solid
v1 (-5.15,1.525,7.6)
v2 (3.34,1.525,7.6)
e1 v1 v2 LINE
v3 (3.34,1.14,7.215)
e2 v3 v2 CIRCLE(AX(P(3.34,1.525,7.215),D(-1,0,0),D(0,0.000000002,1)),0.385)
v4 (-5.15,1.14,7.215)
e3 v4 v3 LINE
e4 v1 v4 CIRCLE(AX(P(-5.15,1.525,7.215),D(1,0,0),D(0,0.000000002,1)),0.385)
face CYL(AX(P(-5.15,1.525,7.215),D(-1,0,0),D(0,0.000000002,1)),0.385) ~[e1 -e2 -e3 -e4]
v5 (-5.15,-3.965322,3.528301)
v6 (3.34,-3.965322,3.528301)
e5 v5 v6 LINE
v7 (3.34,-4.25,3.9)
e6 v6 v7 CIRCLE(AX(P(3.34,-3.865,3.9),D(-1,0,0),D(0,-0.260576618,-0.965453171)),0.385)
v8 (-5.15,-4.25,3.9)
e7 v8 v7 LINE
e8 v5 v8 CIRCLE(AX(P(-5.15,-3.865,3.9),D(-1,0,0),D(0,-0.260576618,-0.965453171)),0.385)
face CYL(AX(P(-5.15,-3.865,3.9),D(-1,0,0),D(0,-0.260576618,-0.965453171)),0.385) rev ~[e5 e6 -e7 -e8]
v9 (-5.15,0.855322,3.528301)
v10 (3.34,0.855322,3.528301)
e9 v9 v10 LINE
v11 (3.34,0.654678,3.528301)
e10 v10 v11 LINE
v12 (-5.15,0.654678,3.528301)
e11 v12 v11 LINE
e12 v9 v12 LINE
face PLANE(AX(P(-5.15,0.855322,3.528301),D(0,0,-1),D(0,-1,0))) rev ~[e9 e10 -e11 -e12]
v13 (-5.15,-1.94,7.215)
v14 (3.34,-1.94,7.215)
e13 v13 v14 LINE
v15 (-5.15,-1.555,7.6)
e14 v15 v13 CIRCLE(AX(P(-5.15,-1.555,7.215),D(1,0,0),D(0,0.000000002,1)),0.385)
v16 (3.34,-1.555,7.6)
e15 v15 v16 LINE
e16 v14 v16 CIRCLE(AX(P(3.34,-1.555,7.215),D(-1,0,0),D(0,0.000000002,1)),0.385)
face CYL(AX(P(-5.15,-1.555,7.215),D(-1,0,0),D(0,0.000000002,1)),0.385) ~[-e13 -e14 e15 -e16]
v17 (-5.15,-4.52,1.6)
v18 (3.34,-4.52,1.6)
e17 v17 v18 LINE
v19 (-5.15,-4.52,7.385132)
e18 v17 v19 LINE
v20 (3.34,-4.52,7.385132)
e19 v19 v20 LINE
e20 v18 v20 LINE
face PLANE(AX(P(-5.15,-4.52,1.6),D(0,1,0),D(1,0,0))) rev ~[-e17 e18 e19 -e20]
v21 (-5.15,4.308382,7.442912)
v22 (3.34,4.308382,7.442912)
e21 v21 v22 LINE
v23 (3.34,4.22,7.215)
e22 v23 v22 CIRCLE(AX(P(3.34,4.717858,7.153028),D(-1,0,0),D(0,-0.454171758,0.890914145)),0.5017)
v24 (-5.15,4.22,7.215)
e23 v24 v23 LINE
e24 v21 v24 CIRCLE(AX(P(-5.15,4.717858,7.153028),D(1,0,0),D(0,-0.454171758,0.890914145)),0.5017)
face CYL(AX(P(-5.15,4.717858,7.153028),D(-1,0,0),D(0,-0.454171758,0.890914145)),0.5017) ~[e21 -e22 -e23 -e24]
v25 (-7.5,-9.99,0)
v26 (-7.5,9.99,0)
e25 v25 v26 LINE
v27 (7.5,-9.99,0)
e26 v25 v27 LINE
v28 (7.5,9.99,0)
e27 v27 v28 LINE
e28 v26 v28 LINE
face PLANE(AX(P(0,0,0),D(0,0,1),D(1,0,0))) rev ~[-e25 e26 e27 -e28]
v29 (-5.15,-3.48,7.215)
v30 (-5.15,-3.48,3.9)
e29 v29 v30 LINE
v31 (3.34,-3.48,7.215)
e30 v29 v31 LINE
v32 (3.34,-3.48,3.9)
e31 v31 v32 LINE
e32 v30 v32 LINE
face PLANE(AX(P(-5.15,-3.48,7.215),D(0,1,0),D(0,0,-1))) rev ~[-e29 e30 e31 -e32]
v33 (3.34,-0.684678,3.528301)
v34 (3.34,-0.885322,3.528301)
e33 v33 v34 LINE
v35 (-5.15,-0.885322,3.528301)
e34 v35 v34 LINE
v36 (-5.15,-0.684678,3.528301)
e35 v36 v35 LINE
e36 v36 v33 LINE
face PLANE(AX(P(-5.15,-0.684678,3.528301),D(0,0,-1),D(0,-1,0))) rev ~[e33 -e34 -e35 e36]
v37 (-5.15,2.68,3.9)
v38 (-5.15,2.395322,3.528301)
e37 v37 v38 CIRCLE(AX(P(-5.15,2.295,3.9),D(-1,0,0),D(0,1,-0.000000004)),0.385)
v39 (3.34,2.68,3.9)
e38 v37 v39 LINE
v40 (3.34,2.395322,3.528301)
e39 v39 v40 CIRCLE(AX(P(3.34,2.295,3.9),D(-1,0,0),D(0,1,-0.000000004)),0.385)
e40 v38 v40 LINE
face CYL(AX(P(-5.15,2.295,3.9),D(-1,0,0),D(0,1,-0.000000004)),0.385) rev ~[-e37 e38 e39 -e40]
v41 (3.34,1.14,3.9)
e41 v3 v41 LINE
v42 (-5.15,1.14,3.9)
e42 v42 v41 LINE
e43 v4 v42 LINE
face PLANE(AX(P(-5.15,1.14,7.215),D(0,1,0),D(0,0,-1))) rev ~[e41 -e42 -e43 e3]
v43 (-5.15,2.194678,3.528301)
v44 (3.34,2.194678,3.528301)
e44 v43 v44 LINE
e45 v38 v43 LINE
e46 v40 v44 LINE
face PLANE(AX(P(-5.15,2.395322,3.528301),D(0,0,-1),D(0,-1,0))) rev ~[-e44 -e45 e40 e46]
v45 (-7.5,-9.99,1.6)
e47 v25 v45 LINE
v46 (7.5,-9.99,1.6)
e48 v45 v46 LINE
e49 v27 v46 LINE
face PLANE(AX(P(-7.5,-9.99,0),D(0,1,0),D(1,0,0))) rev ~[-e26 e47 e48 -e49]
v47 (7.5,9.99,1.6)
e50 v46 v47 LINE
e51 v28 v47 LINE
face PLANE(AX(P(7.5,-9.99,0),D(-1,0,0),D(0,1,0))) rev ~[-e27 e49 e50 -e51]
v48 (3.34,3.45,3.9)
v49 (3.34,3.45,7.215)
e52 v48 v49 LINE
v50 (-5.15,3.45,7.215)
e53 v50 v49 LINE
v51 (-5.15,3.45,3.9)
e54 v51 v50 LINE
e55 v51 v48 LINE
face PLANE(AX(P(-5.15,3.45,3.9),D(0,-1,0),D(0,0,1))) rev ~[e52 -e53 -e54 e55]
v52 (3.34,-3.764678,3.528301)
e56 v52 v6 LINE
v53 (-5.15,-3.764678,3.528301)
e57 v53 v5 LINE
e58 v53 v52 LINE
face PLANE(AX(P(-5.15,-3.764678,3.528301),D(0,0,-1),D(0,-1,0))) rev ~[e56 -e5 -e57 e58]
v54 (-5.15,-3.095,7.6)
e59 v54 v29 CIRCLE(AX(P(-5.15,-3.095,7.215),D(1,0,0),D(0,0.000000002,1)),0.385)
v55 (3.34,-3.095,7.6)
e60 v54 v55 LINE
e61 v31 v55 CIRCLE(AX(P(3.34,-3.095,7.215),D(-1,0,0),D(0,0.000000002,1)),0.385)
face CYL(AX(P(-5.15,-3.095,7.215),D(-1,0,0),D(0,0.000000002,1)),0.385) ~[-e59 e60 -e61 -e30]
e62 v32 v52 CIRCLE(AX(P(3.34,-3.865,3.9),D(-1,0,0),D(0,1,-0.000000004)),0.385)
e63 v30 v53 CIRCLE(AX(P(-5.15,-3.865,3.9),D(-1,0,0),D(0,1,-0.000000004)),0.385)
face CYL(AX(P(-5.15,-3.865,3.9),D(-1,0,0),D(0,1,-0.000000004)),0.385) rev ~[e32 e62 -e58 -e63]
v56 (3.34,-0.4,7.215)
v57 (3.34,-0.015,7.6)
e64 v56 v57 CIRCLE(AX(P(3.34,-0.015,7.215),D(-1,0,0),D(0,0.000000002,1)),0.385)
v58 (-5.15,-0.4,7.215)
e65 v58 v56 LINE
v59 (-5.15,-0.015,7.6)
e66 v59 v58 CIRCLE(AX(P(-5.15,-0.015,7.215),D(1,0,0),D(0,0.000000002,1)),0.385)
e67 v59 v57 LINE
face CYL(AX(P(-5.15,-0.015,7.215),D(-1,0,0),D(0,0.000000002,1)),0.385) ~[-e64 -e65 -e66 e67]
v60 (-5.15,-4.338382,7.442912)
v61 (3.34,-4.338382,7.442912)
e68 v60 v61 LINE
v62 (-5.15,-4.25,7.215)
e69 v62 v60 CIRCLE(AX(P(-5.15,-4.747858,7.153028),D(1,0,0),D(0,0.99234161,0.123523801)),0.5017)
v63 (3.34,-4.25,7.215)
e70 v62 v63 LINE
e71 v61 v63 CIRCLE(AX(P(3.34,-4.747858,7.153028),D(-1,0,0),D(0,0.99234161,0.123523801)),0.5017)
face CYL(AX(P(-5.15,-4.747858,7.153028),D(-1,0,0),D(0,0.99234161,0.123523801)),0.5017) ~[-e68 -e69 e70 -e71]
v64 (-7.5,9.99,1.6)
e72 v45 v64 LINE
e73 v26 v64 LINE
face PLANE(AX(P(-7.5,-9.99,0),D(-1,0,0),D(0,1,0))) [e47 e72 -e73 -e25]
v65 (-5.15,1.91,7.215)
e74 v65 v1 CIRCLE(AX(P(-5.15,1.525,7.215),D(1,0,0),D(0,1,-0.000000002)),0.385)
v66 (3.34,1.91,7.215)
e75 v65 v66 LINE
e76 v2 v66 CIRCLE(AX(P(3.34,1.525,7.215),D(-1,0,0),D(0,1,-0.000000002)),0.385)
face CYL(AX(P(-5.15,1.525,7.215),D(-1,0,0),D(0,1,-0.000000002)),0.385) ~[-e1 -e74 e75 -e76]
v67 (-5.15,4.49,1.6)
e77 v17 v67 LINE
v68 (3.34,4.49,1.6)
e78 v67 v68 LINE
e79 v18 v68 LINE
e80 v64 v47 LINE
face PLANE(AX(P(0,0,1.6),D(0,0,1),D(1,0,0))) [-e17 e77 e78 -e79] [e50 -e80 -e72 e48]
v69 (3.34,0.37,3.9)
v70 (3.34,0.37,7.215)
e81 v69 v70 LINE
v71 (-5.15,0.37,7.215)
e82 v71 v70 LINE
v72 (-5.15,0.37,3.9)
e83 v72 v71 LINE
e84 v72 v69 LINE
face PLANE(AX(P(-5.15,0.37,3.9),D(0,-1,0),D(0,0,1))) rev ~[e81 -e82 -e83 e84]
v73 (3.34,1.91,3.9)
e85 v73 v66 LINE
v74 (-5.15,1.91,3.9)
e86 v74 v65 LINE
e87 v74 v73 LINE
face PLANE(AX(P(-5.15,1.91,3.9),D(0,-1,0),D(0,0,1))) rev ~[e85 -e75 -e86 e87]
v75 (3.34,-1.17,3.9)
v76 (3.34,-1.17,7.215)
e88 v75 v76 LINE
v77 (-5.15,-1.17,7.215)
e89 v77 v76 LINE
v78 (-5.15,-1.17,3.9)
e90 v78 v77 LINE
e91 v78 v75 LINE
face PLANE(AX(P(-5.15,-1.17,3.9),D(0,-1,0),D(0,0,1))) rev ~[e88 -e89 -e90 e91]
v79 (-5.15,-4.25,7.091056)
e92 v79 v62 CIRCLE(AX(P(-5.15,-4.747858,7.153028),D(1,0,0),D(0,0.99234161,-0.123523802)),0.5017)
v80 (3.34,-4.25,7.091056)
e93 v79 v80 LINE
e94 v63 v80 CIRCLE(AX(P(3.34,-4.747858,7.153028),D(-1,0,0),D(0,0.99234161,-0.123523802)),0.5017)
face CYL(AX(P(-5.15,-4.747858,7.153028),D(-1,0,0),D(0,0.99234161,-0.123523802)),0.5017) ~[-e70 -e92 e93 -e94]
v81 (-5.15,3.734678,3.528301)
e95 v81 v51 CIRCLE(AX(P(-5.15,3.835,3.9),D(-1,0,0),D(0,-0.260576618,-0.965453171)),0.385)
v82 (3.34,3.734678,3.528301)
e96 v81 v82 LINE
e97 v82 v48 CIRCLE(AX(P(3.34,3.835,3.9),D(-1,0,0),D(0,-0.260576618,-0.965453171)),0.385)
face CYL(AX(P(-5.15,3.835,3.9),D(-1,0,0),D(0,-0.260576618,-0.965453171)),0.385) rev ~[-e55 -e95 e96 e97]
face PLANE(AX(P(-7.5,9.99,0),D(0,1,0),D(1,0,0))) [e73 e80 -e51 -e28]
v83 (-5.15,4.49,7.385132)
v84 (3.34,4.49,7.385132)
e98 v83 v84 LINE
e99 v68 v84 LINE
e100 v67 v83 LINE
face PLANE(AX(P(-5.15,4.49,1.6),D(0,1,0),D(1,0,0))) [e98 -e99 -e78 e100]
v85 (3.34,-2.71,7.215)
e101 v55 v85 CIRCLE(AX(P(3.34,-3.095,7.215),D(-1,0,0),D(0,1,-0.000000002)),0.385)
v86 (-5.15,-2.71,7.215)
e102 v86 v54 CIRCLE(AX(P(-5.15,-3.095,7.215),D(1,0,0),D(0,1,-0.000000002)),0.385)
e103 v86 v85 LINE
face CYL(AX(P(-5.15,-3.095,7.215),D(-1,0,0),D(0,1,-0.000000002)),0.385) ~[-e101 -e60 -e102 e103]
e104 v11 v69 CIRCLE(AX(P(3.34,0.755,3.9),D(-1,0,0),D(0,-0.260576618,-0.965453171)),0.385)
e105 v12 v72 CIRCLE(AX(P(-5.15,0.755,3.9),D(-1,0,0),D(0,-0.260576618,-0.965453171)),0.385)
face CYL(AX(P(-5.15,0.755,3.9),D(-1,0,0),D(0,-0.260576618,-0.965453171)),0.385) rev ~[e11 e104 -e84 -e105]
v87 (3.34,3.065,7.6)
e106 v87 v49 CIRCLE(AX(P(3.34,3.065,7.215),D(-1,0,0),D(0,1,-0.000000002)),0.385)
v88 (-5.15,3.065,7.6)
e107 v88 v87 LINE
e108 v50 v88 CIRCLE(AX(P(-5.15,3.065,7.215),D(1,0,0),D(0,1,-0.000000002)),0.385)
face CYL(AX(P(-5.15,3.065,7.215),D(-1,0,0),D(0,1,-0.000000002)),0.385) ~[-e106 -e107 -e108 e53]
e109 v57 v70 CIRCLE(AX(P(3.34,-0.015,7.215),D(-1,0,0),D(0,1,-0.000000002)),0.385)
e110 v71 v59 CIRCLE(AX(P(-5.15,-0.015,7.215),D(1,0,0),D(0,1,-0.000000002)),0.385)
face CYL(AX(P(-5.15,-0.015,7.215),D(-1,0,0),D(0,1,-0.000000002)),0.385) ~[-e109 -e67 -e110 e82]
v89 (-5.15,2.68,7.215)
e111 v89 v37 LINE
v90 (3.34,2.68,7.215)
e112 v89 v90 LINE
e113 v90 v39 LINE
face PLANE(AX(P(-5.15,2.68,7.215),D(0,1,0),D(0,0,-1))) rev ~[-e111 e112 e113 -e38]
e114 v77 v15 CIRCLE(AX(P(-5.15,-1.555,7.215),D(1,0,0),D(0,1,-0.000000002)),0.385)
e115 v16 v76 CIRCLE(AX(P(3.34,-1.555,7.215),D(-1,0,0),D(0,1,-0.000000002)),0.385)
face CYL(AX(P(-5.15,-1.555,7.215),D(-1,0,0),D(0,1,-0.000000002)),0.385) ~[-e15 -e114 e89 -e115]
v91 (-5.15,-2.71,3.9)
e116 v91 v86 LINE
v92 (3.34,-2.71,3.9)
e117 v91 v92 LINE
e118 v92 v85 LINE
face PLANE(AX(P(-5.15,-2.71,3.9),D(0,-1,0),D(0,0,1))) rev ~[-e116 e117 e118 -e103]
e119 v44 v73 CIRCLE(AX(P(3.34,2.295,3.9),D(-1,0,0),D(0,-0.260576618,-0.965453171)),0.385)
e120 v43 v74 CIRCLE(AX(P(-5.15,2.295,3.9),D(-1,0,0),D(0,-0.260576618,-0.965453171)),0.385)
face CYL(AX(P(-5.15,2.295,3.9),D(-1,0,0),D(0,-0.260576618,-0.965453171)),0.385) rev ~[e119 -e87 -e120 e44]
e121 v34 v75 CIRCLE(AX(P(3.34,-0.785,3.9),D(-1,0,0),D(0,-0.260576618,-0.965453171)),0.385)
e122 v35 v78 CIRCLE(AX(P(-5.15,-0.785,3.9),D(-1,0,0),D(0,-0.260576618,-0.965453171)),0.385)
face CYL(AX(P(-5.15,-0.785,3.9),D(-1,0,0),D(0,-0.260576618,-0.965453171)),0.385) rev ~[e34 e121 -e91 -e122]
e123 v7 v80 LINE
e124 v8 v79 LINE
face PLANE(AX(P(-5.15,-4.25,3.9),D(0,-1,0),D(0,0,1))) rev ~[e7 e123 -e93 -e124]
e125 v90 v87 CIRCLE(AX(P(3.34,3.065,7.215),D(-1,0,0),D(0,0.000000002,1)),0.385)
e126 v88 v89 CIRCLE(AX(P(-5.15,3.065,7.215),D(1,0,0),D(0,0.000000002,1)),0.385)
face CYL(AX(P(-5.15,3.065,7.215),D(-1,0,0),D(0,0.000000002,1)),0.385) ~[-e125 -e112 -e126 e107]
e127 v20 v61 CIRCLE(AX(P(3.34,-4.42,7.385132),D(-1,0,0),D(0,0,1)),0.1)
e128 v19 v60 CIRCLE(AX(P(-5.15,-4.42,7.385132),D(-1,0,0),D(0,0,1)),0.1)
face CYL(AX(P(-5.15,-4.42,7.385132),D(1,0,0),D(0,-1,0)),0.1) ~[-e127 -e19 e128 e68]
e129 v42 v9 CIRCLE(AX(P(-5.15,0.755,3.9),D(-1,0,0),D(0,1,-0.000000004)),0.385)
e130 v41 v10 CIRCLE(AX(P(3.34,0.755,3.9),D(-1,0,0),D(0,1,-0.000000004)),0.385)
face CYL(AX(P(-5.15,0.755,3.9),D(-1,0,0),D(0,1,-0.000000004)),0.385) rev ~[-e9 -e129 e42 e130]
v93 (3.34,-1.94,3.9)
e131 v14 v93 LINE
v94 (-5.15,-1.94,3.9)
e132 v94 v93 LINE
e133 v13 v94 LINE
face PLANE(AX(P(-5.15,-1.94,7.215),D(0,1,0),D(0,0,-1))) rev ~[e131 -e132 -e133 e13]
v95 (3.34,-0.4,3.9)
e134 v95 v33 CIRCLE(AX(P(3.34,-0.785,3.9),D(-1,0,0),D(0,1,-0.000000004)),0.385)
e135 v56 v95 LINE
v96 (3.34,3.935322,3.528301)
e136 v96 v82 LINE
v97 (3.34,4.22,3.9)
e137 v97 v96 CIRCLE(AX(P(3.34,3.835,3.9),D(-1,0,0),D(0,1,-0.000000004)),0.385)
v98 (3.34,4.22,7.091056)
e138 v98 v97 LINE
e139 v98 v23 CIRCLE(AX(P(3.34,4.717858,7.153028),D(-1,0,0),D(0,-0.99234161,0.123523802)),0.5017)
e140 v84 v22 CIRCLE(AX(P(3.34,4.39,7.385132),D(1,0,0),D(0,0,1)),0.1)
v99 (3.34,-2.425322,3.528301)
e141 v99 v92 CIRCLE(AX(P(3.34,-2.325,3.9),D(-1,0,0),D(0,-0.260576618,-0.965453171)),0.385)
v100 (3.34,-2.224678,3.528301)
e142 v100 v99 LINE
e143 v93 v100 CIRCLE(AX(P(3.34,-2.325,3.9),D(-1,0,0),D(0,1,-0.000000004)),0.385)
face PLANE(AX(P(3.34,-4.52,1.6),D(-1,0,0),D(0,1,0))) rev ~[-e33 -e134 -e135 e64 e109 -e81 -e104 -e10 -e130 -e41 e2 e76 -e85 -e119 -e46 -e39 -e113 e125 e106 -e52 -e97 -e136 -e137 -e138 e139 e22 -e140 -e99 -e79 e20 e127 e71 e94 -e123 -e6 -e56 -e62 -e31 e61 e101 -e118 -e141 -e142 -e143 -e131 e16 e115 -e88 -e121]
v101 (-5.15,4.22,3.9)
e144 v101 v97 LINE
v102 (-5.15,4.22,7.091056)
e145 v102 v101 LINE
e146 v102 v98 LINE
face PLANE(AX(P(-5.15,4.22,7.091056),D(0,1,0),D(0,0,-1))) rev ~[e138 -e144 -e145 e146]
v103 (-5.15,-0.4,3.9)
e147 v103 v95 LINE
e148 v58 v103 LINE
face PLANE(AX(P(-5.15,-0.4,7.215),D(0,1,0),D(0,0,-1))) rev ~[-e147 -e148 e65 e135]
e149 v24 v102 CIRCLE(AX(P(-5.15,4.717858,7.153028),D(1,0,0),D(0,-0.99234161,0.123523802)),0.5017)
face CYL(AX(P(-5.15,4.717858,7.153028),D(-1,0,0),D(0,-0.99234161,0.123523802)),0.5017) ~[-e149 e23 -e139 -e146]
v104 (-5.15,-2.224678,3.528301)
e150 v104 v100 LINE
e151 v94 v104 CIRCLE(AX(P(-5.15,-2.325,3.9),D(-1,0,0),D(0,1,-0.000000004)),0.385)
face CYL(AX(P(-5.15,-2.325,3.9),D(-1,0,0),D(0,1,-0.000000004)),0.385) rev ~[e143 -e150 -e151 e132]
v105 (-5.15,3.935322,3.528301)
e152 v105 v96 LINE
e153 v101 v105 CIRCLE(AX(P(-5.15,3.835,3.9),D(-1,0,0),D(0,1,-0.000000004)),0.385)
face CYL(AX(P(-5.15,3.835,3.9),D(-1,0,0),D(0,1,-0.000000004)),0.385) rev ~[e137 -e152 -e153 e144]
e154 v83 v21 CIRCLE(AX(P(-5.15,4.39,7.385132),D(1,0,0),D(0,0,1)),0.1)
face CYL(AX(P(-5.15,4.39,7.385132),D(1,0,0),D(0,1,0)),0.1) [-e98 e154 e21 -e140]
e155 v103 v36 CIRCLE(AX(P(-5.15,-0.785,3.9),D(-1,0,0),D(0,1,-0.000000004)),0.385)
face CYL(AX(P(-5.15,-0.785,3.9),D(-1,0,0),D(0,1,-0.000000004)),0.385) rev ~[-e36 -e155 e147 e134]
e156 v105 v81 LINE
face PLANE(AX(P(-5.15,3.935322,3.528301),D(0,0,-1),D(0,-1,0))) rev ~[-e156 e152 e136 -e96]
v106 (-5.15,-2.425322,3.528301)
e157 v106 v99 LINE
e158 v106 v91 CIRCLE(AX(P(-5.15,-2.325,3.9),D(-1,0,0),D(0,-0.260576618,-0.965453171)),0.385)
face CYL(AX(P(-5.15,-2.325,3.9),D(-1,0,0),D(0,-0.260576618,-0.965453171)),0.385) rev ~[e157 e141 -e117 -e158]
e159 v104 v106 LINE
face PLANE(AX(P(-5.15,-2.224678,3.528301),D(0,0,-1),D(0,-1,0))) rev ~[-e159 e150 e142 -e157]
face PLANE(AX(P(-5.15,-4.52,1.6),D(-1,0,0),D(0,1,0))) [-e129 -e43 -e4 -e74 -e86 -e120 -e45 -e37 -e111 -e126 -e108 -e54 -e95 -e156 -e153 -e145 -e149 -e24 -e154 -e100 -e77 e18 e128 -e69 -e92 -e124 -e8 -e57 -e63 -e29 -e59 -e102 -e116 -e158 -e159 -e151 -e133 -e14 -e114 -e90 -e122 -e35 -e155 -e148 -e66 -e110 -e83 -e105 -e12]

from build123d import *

# Parameters (mm, degrees)
CROQUIS1_W              = 15
CROQUIS1_H              = 19.98
SALIENTE_EXTRUIR1_DEPTH = 1.6
CROQUIS2_W              = 8.49
CROQUIS2_H              = 9.01
SALIENTE_EXTRUIR2_DEPTH = 6
CORTAR_EXTRUIR1_DEPTH   = 18.820847342
REDONDEO1_R             = 0.1
REDONDEO2_R             = 0.1


with BuildPart() as part:
    # Croquis1 → Saliente-Extruir1 (new body)
    with BuildSketch(Plane.XY):
        Rectangle(CROQUIS1_W, CROQUIS1_H)
    extrude(amount=SALIENTE_EXTRUIR1_DEPTH)

    # Croquis2 → Saliente-Extruir2 (add)
    with BuildSketch(Plane.XY.offset(1.6)):
        with Locations((-0.905, -0.015)):
            Rectangle(CROQUIS2_W, CROQUIS2_H)
    extrude(amount=SALIENTE_EXTRUIR2_DEPTH)

    # Croquis3 → Cortar-Extruir1 (cut, through all)
    with BuildSketch(Plane.ZY.offset(5.15)):
        with BuildLine():
            ThreePointArc((7.215, 3.45), (7.487236111, 3.337236111), (7.6, 3.065))
            Line((7.6, 3.065), (7.6, 4.49))
            ThreePointArc((7.6, 4.49), (7.441092235, 4.307099962), (7.215, 4.22))
            ThreePointArc((7.215, 4.22), (7.153028067, 4.216157783), (7.091056134, 4.22))
            Line((7.091056134, 4.22), (3.9, 4.22))
            ThreePointArc((3.9, 4.22), (3.6659049, 4.14065419), (3.528300528, 3.935321996))
            Line((3.528300528, 3.935321996), (3.528300528, 3.734678004))
            ThreePointArc((3.528300528, 3.734678004), (3.6659049, 3.52934581), (3.9, 3.45))
            Line((3.9, 3.45), (7.215, 3.45))
        make_face()
        with BuildLine():
            ThreePointArc((7.215, 1.91), (7.487236111, 1.797236111), (7.6, 1.525))
            Line((7.6, 1.525), (7.6, 3.065))
            ThreePointArc((7.6, 3.065), (7.487236111, 2.792763889), (7.215, 2.68))
            Line((7.215, 2.68), (3.9, 2.68))
            ThreePointArc((3.9, 2.68), (3.6659049, 2.60065419), (3.528300528, 2.395321996))
            Line((3.528300528, 2.395321996), (3.528300528, 2.194678004))
            ThreePointArc((3.528300528, 2.194678004), (3.6659049, 1.98934581), (3.9, 1.91))
            Line((3.9, 1.91), (7.215, 1.91))
        make_face()
        with BuildLine():
            Line((3.9, 0.37), (7.215, 0.37))
            ThreePointArc((7.215, 0.37), (7.487236111, 0.257236111), (7.6, -0.015))
            Line((7.6, -0.015), (7.6, 1.525))
            ThreePointArc((7.6, 1.525), (7.487236111, 1.252763889), (7.215, 1.14))
            Line((7.215, 1.14), (3.9, 1.14))
            ThreePointArc((3.9, 1.14), (3.6659049, 1.06065419), (3.528300528, 0.855321996))
            Line((3.528300528, 0.855321996), (3.528300528, 0.654678004))
            ThreePointArc((3.528300528, 0.654678004), (3.6659049, 0.44934581), (3.9, 0.37))
        make_face()
        with BuildLine():
            Line((7.6, -1.555), (7.6, -0.015))
            ThreePointArc((7.6, -0.015), (7.487236111, -0.287236111), (7.215, -0.4))
            Line((7.215, -0.4), (3.9, -0.4))
            ThreePointArc((3.9, -0.4), (3.6659049, -0.47934581), (3.528300528, -0.684678004))
            Line((3.528300528, -0.684678004), (3.528300528, -0.885321996))
            ThreePointArc((3.528300528, -0.885321996), (3.6659049, -1.09065419), (3.9, -1.17))
            Line((3.9, -1.17), (7.215, -1.17))
            ThreePointArc((7.215, -1.17), (7.487236111, -1.282763889), (7.6, -1.555))
        make_face()
        with BuildLine():
            Line((7.6, -3.095), (7.6, -1.555))
            ThreePointArc((7.6, -1.555), (7.487236111, -1.827236111), (7.215, -1.94))
            Line((7.215, -1.94), (3.9, -1.94))
            ThreePointArc((3.9, -1.94), (3.6659049, -2.01934581), (3.528300528, -2.224678004))
            Line((3.528300528, -2.224678004), (3.528300528, -2.425321996))
            ThreePointArc((3.528300528, -2.425321996), (3.6659049, -2.63065419), (3.9, -2.71))
            Line((3.9, -2.71), (7.215, -2.71))
            ThreePointArc((7.215, -2.71), (7.487236111, -2.822763889), (7.6, -3.095))
        make_face()
        with BuildLine():
            Line((7.6, -4.52), (7.6, -3.095))
            ThreePointArc((7.6, -3.095), (7.487236111, -3.367236111), (7.215, -3.48))
            Line((7.215, -3.48), (3.9, -3.48))
            ThreePointArc((3.9, -3.48), (3.6659049, -3.55934581), (3.528300528, -3.764678004))
            Line((3.528300528, -3.764678004), (3.528300528, -3.965321996))
            ThreePointArc((3.528300528, -3.965321996), (3.6659049, -4.17065419), (3.9, -4.25))
            Line((3.9, -4.25), (7.091056134, -4.25))
            ThreePointArc((7.091056134, -4.25), (7.153028067, -4.246157783), (7.215, -4.25))
            ThreePointArc((7.215, -4.25), (7.441092235, -4.337099962), (7.6, -4.52))
        make_face()
    extrude(amount=-CORTAR_EXTRUIR1_DEPTH, mode=Mode.SUBTRACT)

    # Redondeo1
    redondeo1_edges = [part.edges().sort_by_distance(p)[0] for p in [
        (-0.905, -4.52, 7.6),
    ]]
    fillet(redondeo1_edges, radius=REDONDEO1_R)

    # Redondeo2
    redondeo2_edges = [part.edges().sort_by_distance(p)[0] for p in [
        (-0.905, 4.49, 7.6),
    ]]
    fillet(redondeo2_edges, radius=REDONDEO2_R)


solid = part.part
